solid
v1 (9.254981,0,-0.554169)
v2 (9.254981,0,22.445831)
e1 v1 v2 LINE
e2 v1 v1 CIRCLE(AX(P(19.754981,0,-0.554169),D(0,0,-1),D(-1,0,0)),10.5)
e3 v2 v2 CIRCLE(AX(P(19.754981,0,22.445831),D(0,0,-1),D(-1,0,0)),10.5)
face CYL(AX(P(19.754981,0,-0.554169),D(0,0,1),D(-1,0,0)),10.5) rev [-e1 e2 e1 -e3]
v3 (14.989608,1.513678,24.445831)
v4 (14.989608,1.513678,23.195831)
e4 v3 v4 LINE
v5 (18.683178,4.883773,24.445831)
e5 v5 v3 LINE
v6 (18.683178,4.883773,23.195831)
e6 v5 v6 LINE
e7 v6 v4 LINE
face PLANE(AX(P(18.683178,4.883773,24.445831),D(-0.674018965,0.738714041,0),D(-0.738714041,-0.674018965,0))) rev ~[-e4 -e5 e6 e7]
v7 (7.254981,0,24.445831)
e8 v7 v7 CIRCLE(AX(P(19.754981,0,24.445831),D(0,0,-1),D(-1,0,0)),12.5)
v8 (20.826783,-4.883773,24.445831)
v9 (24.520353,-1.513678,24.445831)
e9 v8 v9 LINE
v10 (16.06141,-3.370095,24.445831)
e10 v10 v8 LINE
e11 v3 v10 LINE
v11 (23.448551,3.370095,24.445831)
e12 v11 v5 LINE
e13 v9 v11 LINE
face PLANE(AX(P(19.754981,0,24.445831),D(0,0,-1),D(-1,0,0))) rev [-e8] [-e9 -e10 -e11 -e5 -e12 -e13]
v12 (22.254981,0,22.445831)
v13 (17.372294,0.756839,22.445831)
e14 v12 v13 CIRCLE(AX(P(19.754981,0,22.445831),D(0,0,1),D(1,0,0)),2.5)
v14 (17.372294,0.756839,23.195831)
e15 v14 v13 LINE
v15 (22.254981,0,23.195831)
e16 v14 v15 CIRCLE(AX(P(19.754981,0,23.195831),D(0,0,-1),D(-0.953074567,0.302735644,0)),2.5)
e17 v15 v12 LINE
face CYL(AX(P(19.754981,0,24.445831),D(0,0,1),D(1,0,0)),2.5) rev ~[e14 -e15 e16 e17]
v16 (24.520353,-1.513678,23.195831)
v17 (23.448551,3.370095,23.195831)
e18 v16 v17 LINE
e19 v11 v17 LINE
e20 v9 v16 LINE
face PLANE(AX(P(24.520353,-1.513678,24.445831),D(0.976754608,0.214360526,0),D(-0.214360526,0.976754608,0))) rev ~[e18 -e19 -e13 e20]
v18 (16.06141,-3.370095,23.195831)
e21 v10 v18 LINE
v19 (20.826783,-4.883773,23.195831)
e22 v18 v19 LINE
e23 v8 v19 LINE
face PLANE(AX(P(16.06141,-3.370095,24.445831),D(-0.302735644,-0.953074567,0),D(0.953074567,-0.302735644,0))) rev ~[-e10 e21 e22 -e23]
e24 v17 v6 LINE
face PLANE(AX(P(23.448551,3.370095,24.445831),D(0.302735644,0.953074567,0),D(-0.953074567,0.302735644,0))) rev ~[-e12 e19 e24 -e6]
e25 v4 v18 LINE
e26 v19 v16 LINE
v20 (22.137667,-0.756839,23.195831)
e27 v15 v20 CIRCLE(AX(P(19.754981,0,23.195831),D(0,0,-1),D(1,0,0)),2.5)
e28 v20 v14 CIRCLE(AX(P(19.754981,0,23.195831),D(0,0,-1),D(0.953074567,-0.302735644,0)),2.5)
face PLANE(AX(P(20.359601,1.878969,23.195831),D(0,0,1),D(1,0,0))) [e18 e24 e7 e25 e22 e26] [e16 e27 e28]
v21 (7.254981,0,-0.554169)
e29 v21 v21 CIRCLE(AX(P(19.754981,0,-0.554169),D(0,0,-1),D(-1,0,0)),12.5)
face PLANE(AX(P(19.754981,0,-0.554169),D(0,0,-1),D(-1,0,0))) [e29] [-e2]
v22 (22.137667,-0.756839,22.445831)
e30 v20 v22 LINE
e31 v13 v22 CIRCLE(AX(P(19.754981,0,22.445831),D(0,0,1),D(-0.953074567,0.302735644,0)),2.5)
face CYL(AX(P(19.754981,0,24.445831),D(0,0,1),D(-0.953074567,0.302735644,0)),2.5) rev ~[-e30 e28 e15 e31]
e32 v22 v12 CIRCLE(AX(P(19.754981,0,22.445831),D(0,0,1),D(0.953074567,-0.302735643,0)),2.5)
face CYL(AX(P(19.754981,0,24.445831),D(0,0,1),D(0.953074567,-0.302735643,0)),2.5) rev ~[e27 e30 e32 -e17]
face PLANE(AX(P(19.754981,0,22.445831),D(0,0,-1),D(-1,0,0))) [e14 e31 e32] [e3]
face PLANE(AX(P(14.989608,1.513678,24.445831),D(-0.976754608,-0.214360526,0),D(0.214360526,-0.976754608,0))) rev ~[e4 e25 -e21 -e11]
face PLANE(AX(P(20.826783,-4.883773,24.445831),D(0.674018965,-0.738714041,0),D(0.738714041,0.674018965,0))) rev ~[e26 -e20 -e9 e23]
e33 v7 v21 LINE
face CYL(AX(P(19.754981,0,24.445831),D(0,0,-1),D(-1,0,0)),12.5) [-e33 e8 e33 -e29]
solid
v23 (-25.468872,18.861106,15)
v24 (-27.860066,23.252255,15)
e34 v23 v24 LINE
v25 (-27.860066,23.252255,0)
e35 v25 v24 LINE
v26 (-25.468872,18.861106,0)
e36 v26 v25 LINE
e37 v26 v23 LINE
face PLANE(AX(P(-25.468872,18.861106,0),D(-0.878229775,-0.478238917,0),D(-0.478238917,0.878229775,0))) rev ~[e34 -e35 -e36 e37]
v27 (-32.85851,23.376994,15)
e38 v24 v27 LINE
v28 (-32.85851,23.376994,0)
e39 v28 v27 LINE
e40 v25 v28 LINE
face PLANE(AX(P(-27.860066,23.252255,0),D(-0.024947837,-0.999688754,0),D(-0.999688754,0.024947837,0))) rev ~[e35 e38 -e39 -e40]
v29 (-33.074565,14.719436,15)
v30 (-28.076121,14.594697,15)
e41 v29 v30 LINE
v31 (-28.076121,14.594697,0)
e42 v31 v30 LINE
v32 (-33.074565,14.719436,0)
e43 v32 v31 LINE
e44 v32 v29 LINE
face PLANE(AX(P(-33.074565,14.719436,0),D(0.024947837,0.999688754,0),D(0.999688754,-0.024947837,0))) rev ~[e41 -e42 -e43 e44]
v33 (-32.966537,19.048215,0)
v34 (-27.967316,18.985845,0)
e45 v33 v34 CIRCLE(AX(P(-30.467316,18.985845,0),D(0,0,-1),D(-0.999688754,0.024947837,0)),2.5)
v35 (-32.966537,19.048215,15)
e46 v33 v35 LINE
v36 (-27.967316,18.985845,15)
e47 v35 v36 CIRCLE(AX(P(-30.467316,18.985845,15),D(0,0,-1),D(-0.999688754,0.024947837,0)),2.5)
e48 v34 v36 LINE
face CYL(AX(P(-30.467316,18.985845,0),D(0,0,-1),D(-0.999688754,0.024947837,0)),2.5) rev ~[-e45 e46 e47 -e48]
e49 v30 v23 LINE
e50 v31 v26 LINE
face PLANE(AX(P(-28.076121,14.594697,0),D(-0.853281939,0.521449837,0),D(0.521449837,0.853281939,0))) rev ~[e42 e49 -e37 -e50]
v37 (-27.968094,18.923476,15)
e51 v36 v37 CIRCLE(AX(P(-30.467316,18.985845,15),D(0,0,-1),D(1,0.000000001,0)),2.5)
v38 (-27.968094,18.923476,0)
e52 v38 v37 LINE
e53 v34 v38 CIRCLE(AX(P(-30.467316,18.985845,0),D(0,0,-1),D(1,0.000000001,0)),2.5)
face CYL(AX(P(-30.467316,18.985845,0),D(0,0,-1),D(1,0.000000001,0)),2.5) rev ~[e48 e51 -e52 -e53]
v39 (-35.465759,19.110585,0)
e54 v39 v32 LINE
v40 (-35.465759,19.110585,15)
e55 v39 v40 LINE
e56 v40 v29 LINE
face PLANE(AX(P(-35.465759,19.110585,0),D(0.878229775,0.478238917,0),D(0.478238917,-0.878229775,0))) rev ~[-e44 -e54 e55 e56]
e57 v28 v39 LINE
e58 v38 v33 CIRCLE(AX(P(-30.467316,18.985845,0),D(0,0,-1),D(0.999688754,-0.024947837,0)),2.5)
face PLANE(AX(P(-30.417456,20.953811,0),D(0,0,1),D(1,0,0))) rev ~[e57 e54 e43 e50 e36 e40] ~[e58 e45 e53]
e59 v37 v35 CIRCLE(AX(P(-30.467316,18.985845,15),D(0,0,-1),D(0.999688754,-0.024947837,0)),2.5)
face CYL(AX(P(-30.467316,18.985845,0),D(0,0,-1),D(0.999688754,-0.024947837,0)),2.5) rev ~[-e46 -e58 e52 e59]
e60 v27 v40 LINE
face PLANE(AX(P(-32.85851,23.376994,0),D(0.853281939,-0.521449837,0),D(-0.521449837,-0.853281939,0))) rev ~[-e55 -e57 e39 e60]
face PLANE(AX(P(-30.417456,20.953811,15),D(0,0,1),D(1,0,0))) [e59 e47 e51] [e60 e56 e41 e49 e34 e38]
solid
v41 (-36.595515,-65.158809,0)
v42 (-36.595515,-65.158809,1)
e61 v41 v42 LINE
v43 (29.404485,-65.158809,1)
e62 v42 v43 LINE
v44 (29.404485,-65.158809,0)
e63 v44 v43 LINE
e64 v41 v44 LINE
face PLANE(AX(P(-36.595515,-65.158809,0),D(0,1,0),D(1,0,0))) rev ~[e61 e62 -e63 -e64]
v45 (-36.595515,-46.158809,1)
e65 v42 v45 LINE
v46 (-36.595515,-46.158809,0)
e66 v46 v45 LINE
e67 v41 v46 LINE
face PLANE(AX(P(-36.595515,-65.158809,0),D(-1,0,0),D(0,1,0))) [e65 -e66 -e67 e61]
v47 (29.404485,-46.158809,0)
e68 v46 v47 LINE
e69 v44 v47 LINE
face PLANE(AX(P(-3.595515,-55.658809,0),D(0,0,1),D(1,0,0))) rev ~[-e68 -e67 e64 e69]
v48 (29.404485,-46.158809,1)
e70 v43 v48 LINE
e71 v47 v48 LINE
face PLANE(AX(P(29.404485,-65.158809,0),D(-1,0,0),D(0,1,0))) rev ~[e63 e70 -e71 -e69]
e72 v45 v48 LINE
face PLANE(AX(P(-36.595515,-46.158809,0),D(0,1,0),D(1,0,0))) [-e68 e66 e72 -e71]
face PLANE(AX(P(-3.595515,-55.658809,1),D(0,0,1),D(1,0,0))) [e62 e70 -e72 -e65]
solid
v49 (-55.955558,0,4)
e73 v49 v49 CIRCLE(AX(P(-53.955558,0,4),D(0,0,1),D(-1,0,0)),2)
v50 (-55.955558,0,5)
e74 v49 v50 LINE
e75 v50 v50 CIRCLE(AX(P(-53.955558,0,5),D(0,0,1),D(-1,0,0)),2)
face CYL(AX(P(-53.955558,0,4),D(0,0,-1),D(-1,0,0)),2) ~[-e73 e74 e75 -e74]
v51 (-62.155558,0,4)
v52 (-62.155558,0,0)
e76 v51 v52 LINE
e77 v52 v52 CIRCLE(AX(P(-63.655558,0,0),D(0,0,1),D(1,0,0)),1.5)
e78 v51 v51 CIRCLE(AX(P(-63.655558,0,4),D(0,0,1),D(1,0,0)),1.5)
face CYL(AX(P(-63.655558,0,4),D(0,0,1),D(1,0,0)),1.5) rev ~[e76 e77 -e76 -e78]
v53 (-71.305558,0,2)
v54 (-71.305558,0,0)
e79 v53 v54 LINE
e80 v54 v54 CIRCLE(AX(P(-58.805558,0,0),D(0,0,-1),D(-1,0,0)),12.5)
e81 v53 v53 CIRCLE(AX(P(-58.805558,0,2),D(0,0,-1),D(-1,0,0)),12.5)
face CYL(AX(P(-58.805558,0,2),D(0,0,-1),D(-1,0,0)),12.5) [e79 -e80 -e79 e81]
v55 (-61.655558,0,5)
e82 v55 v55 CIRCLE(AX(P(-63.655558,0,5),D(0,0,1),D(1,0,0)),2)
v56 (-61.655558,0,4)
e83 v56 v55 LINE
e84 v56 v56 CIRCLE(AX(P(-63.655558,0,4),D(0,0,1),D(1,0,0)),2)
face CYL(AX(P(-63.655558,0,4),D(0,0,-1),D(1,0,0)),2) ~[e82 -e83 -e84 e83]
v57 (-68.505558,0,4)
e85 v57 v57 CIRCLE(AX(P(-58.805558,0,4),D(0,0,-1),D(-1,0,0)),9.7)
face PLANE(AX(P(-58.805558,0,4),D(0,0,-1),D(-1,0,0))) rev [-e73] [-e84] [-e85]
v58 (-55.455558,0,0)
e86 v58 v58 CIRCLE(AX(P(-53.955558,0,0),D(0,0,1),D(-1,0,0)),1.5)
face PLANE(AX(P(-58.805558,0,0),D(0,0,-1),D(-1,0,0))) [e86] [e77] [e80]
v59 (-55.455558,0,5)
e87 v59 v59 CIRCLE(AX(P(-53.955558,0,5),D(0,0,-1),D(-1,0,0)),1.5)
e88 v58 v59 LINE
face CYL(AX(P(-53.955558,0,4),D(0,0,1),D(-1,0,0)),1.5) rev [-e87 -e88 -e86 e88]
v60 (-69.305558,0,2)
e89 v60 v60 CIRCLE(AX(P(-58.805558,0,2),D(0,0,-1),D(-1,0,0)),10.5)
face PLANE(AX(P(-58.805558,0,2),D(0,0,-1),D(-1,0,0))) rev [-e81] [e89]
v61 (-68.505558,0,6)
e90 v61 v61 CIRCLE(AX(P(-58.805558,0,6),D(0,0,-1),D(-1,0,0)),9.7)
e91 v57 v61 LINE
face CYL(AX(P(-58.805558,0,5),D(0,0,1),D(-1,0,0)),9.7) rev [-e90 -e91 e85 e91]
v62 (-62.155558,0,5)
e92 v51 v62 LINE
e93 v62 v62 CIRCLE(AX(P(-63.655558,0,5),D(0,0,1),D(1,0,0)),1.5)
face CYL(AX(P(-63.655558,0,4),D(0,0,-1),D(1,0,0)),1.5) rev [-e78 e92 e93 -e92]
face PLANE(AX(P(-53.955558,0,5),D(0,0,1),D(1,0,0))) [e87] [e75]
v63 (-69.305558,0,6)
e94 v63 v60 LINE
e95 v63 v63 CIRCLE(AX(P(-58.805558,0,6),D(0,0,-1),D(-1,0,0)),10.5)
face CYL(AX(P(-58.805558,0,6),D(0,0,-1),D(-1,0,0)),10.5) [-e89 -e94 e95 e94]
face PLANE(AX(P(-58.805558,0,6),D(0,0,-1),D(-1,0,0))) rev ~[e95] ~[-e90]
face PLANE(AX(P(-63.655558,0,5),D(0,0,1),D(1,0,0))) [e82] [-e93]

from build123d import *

# Parameters (mm, degrees)
F1_DEPTH  = 15
F5_DEPTH  = 25
F6_DEPTH  = 1.25
F7_W      = 0.8
F7_H      = 2
F9_R      = 2
F9_R_2    = 1.5
F10_DEPTH = 1
F11_DEPTH = 25
F12_W     = 66
F12_H     = 19
F13_DEPTH = 1


with BuildPart() as f1:
    # F0 (on Top) → F1 (new body)
    with BuildSketch(Plane.XY):
        with BuildLine():
            Line((-27.9680936464, 18.9234757941), (-25.4688717607, 18.8611062027))
            Line((-25.4688717607, 18.8611062027), (-27.8600663452, 23.2522550796))
            Line((-27.8600663452, 23.2522550796), (-32.8585101166, 23.3769942625))
            Line((-32.8585101166, 23.3769942625), (-35.4657593036, 19.1105845686))
            Line((-35.4657593036, 19.1105845686), (-32.9665374179, 19.0482149771))
            ThreePointArc((-32.9665374179, 19.0482149771), (-30.4361283096, 21.4856508495), (-27.9673155322, 18.9858453856))
            ThreePointArc((-27.9673155322, 18.9858453856), (-27.9675100683, 18.9546581631), (-27.9680936464, 18.9234757941))
        make_face()
        with BuildLine():
            Line((-28.0761209477, 14.5946965087), (-25.4688717607, 18.8611062027))
            Line((-25.4688717607, 18.8611062027), (-27.9680936464, 18.9234757941))
            ThreePointArc((-27.9680936464, 18.9234757941), (-30.5296851236, 16.4866234999), (-32.9665374179, 19.0482149771))
            Line((-32.9665374179, 19.0482149771), (-35.4657593036, 19.1105845686))
            Line((-35.4657593036, 19.1105845686), (-33.0745647191, 14.7194356916))
            Line((-33.0745647191, 14.7194356916), (-28.0761209477, 14.5946965087))
        make_face()
    extrude(amount=F1_DEPTH)


with BuildPart() as f3:
    # F2 (on Front) → F3 (revolve)
    with BuildSketch(Plane.XZ):
        Polygon((7.2549805045, 24.4458311237), (7.2549805045, -0.5541688763), (9.2549805045, -0.5541688763), (9.2549805045, 22.4458311237), (19.7549805045, 22.4458311237), (19.7549805045, 24.4458311237), align=None)
    revolve(axis=Axis((19.7549805045, 0, 23.4458311237), (0, 0, -1)))

    # F4 (on face) → F5 (cut)
    with BuildSketch(Plane.XY.offset(24.4458311237)):
        with BuildLine():
            Line((22.1376669218, -0.7568391089), (17.3722940872, 0.7568391089))
            ThreePointArc((17.3722940872, 0.7568391089), (18.9981413957, -2.3826864173), (22.1376669218, -0.7568391089))
        make_face()
        with BuildLine():
            ThreePointArc((22.2549805045, 0), (20.1379191136, 2.4704975251), (17.3722940872, 0.7568391089))
            Line((17.3722940872, 0.7568391089), (22.1376669218, -0.7568391089))
            ThreePointArc((22.1376669218, -0.7568391089), (22.2254780296, -0.3829386091), (22.2549805045, 0))
        make_face()
    extrude(amount=-F5_DEPTH, mode=Mode.SUBTRACT)

    # F4 (on face) → F6 (cut)
    with BuildSketch(Plane.XY.offset(24.4458311237)):
        with BuildLine():
            Line((23.4485507115, 3.3700948244), (18.6831778769, 4.8837730422))
            Line((18.6831778769, 4.8837730422), (14.9896076699, 1.5136782177))
            Line((14.9896076699, 1.5136782177), (17.3722940872, 0.7568391089))
            ThreePointArc((17.3722940872, 0.7568391089), (20.1379191136, 2.4704975251), (22.2549805045, 0))
            ThreePointArc((22.2549805045, 0), (22.2254780296, -0.3829386091), (22.1376669218, -0.7568391089))
            Line((22.1376669218, -0.7568391089), (24.5203533392, -1.5136782177))
            Line((24.5203533392, -1.5136782177), (23.4485507115, 3.3700948244))
        make_face()
        with BuildLine():
            Line((17.3722940872, 0.7568391089), (14.9896076699, 1.5136782177))
            Line((14.9896076699, 1.5136782177), (16.0614102975, -3.3700948244))
            Line((16.0614102975, -3.3700948244), (20.8267831321, -4.8837730422))
            Line((20.8267831321, -4.8837730422), (24.5203533392, -1.5136782177))
            Line((24.5203533392, -1.5136782177), (22.1376669218, -0.7568391089))
            ThreePointArc((22.1376669218, -0.7568391089), (18.9981413957, -2.3826864173), (17.3722940872, 0.7568391089))
        make_face()
    extrude(amount=-F6_DEPTH, mode=Mode.SUBTRACT)


with BuildPart() as f8:
    # F7 (on Front) → F8 (revolve)
    with BuildSketch(Plane.XZ):
        Polygon((-71.3055579922, 2), (-71.3055579922, 0), (-58.8055579922, 0), (-58.8055579922, 4), (-68.5055579922, 4), (-69.3055579922, 4), (-69.3055579922, 2), align=None)
        with Locations((-68.9055579922, 5)):
            Rectangle(F7_W, F7_H)
    revolve(axis=Axis((-58.8055579922, 0, 2), (0, 0, -1)))

    # F9 (on face) → F10 (join)
    with BuildSketch(Plane.XY.offset(4)):
        with Locations((-63.6555579922, 0)):
            Circle(F9_R)
        with Locations((-63.6555579922, 0)):
            Circle(F9_R_2, mode=Mode.SUBTRACT)
        with BuildLine():
            ThreePointArc((-51.9555579922, 0), (-53.9555579922, 2), (-55.9555579922, 0))
            ThreePointArc((-55.9555579922, 0), (-53.9555579922, -2), (-51.9555579922, 0))
        make_face()
        with BuildLine():
            ThreePointArc((-52.4555579922, 0), (-53.9555579922, -1.5), (-55.4555579922, 0))
            ThreePointArc((-55.4555579922, 0), (-53.9555579922, 1.5), (-52.4555579922, 0))
        make_face(mode=Mode.SUBTRACT)
    extrude(amount=F10_DEPTH)

    # F11 (cut): faces of the model
    f11_faces = [f8.faces().sort_by_distance(p)[0] for p in [
        (-53.9555579922, 0, 4),
        (-63.6555579922, 0, 4),
    ]]
    extrude(f11_faces, amount=-F11_DEPTH, mode=Mode.SUBTRACT)


with BuildPart() as f13:
    # F12 (on Top) → F13 (new body)
    with BuildSketch(Plane.XY):
        with Locations((-3.5955148538, -55.6588086109)):
            Rectangle(F12_W, F12_H)
    extrude(amount=F13_DEPTH)


solid = Compound([f1.part, f3.part, f8.part, f13.part])
